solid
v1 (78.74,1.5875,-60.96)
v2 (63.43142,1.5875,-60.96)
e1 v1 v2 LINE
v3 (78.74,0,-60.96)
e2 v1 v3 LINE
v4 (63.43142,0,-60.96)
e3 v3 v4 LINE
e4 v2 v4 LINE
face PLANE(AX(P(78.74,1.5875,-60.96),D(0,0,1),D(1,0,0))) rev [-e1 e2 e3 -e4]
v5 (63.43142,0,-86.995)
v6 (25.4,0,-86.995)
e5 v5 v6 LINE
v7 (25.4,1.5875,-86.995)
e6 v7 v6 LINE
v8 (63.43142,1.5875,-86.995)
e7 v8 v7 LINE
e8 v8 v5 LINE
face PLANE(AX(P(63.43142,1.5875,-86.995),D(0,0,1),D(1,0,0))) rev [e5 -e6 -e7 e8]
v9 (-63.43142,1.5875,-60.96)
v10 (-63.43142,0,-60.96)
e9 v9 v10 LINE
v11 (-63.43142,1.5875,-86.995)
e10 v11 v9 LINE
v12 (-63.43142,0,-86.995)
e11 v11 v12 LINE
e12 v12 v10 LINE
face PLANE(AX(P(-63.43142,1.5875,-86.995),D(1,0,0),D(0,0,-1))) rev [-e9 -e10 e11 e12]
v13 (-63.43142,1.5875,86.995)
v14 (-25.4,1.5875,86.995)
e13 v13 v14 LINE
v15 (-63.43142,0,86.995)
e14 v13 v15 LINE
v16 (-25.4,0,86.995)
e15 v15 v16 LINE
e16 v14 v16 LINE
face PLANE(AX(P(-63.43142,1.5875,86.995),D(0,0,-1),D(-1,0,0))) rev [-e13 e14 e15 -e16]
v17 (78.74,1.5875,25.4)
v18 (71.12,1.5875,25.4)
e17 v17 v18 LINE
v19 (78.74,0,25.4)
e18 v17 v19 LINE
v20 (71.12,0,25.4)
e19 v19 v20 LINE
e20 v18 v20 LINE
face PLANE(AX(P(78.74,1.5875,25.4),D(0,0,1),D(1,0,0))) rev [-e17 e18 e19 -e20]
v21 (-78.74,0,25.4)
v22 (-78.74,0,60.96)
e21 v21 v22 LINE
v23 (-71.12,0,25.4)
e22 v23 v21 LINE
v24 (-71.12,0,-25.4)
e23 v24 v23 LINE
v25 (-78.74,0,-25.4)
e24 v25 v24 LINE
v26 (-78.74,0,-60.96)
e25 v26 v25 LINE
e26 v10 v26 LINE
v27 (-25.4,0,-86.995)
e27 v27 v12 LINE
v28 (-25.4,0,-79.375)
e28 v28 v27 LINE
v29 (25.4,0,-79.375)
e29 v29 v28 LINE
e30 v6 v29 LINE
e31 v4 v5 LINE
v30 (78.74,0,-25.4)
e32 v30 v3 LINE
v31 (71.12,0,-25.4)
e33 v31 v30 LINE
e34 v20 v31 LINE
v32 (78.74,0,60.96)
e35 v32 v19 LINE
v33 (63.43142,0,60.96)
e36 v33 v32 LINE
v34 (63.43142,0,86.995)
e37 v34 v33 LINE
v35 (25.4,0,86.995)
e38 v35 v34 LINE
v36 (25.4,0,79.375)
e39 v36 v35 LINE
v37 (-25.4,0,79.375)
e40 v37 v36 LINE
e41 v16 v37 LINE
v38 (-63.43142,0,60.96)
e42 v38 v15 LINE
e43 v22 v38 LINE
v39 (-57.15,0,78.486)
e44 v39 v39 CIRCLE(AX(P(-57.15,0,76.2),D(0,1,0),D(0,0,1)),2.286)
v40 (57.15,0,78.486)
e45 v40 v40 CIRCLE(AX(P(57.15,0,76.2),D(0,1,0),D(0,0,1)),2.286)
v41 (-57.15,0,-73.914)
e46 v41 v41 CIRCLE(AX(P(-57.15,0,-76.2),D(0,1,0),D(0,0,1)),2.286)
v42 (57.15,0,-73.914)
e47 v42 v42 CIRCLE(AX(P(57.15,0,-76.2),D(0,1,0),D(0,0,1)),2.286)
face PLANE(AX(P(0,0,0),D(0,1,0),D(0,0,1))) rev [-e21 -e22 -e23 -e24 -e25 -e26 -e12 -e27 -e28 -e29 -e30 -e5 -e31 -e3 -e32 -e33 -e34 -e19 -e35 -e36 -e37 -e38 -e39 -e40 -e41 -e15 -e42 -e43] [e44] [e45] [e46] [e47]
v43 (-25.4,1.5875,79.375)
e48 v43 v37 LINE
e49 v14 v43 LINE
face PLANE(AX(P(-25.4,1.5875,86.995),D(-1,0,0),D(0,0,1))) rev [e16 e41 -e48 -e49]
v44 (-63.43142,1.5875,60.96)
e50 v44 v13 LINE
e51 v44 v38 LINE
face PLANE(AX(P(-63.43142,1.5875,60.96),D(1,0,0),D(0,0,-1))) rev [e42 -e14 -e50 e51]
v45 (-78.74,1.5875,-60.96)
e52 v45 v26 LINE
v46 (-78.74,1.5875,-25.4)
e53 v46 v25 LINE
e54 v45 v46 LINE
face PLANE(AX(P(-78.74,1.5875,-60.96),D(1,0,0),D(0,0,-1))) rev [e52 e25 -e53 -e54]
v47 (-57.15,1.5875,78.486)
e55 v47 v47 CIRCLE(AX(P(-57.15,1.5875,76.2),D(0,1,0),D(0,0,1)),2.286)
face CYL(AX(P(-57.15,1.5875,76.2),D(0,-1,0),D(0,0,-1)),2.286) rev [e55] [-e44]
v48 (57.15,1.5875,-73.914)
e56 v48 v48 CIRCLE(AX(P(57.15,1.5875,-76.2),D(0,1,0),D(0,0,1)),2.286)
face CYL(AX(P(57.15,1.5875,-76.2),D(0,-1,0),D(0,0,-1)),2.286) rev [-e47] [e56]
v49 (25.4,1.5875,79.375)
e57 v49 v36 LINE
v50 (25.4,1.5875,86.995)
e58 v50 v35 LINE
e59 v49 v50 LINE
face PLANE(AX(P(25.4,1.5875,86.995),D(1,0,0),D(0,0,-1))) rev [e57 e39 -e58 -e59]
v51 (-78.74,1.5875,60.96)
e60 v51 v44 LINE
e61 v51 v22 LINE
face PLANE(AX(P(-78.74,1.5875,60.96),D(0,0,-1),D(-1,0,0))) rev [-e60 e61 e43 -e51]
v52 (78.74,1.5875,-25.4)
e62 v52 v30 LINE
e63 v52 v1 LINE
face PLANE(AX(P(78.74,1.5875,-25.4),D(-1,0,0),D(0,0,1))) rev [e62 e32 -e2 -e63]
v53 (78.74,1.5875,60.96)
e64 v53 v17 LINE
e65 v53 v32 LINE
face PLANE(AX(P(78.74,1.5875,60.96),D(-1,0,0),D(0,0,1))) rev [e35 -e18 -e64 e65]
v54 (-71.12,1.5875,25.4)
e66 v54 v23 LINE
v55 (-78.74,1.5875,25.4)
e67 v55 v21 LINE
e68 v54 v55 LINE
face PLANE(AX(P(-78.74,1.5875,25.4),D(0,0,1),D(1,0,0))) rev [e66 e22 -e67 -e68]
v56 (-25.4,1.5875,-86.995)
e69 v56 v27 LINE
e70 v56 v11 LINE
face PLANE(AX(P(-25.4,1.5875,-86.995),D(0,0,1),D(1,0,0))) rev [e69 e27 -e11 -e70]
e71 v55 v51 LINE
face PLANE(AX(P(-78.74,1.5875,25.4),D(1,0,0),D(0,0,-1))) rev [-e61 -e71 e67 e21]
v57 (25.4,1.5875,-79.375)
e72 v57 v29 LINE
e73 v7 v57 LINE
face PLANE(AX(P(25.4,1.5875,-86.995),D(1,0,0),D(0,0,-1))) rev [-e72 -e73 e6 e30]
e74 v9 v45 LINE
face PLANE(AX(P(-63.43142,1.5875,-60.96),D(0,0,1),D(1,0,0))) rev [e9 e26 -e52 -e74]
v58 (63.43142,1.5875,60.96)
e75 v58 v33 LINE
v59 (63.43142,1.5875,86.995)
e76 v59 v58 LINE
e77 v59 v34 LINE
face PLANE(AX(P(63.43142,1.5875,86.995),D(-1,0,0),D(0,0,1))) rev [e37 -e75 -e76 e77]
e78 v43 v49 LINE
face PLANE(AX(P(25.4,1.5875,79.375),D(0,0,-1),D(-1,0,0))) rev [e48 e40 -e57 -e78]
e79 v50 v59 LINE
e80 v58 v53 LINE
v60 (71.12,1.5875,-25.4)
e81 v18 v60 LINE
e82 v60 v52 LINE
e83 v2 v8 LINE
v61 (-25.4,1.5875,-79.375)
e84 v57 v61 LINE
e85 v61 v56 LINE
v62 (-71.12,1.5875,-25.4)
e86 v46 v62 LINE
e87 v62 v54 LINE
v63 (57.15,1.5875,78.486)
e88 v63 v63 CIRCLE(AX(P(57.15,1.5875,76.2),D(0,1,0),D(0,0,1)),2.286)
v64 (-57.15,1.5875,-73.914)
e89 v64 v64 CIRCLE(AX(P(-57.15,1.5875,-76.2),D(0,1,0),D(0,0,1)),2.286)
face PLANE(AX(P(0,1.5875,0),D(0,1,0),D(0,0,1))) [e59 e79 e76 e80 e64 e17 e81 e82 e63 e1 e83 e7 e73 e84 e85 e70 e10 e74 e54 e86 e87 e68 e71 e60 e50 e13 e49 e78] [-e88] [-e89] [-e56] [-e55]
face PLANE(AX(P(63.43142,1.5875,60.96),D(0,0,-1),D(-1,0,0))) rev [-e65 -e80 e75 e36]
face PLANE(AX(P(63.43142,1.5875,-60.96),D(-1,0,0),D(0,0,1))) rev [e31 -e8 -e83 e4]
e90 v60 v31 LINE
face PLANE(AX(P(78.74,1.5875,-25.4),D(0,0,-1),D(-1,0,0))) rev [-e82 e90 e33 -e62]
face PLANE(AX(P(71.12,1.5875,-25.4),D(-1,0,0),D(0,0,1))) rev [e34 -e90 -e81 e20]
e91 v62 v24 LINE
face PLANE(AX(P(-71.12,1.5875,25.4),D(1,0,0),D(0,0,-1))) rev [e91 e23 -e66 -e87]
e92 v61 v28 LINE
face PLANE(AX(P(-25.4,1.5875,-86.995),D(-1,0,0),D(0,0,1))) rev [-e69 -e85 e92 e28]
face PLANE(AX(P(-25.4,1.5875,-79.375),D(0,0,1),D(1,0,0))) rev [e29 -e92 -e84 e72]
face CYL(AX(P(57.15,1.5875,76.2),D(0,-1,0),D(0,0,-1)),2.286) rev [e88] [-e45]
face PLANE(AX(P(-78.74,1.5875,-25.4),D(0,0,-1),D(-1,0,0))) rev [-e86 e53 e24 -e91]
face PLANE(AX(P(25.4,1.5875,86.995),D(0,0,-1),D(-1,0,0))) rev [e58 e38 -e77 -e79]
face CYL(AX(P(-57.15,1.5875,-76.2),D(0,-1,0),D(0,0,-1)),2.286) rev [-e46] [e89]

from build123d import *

# Parameters (mm, degrees)
SKETCH1_R       = 2.286
MAIN_BODY_DEPTH = 1.5875


with BuildPart() as part:
    # Sketch1 → Main Body (new body)
    with BuildSketch(Plane(origin=(0, 0, 0), x_dir=(1, 0, 0), z_dir=(0, 1, 0))):
        Polygon((-25.4, 86.995), (-63.43142, 86.995), (-63.43142, 60.96), (-78.74, 60.96), (-78.74, 25.4), (-71.12, 25.4), (-71.12, -25.4), (-78.74, -25.4), (-78.74, -60.96), (-63.43142, -60.96), (-63.43142, -86.995), (-25.4, -86.995), (-25.4, -79.375), (25.4, -79.375), (25.4, -86.995), (63.43142, -86.995), (63.43142, -60.96), (78.74, -60.96), (78.74, -25.4), (71.12, -25.4), (71.12, 25.4), (78.74, 25.4), (78.74, 60.96), (63.43142, 60.96), (63.43142, 86.995), (25.4, 86.995), (25.4, 79.375), (-25.4, 79.375), align=None)
        with Locations((-57.15, 76.2)):
            Circle(SKETCH1_R, mode=Mode.SUBTRACT)
        with Locations((57.15, 76.2)):
            Circle(SKETCH1_R, mode=Mode.SUBTRACT)
        with Locations((57.15, -76.2)):
            Circle(SKETCH1_R, mode=Mode.SUBTRACT)
        with Locations((-57.15, -76.2)):
            Circle(SKETCH1_R, mode=Mode.SUBTRACT)
    extrude(amount=MAIN_BODY_DEPTH)


solid = part.part
